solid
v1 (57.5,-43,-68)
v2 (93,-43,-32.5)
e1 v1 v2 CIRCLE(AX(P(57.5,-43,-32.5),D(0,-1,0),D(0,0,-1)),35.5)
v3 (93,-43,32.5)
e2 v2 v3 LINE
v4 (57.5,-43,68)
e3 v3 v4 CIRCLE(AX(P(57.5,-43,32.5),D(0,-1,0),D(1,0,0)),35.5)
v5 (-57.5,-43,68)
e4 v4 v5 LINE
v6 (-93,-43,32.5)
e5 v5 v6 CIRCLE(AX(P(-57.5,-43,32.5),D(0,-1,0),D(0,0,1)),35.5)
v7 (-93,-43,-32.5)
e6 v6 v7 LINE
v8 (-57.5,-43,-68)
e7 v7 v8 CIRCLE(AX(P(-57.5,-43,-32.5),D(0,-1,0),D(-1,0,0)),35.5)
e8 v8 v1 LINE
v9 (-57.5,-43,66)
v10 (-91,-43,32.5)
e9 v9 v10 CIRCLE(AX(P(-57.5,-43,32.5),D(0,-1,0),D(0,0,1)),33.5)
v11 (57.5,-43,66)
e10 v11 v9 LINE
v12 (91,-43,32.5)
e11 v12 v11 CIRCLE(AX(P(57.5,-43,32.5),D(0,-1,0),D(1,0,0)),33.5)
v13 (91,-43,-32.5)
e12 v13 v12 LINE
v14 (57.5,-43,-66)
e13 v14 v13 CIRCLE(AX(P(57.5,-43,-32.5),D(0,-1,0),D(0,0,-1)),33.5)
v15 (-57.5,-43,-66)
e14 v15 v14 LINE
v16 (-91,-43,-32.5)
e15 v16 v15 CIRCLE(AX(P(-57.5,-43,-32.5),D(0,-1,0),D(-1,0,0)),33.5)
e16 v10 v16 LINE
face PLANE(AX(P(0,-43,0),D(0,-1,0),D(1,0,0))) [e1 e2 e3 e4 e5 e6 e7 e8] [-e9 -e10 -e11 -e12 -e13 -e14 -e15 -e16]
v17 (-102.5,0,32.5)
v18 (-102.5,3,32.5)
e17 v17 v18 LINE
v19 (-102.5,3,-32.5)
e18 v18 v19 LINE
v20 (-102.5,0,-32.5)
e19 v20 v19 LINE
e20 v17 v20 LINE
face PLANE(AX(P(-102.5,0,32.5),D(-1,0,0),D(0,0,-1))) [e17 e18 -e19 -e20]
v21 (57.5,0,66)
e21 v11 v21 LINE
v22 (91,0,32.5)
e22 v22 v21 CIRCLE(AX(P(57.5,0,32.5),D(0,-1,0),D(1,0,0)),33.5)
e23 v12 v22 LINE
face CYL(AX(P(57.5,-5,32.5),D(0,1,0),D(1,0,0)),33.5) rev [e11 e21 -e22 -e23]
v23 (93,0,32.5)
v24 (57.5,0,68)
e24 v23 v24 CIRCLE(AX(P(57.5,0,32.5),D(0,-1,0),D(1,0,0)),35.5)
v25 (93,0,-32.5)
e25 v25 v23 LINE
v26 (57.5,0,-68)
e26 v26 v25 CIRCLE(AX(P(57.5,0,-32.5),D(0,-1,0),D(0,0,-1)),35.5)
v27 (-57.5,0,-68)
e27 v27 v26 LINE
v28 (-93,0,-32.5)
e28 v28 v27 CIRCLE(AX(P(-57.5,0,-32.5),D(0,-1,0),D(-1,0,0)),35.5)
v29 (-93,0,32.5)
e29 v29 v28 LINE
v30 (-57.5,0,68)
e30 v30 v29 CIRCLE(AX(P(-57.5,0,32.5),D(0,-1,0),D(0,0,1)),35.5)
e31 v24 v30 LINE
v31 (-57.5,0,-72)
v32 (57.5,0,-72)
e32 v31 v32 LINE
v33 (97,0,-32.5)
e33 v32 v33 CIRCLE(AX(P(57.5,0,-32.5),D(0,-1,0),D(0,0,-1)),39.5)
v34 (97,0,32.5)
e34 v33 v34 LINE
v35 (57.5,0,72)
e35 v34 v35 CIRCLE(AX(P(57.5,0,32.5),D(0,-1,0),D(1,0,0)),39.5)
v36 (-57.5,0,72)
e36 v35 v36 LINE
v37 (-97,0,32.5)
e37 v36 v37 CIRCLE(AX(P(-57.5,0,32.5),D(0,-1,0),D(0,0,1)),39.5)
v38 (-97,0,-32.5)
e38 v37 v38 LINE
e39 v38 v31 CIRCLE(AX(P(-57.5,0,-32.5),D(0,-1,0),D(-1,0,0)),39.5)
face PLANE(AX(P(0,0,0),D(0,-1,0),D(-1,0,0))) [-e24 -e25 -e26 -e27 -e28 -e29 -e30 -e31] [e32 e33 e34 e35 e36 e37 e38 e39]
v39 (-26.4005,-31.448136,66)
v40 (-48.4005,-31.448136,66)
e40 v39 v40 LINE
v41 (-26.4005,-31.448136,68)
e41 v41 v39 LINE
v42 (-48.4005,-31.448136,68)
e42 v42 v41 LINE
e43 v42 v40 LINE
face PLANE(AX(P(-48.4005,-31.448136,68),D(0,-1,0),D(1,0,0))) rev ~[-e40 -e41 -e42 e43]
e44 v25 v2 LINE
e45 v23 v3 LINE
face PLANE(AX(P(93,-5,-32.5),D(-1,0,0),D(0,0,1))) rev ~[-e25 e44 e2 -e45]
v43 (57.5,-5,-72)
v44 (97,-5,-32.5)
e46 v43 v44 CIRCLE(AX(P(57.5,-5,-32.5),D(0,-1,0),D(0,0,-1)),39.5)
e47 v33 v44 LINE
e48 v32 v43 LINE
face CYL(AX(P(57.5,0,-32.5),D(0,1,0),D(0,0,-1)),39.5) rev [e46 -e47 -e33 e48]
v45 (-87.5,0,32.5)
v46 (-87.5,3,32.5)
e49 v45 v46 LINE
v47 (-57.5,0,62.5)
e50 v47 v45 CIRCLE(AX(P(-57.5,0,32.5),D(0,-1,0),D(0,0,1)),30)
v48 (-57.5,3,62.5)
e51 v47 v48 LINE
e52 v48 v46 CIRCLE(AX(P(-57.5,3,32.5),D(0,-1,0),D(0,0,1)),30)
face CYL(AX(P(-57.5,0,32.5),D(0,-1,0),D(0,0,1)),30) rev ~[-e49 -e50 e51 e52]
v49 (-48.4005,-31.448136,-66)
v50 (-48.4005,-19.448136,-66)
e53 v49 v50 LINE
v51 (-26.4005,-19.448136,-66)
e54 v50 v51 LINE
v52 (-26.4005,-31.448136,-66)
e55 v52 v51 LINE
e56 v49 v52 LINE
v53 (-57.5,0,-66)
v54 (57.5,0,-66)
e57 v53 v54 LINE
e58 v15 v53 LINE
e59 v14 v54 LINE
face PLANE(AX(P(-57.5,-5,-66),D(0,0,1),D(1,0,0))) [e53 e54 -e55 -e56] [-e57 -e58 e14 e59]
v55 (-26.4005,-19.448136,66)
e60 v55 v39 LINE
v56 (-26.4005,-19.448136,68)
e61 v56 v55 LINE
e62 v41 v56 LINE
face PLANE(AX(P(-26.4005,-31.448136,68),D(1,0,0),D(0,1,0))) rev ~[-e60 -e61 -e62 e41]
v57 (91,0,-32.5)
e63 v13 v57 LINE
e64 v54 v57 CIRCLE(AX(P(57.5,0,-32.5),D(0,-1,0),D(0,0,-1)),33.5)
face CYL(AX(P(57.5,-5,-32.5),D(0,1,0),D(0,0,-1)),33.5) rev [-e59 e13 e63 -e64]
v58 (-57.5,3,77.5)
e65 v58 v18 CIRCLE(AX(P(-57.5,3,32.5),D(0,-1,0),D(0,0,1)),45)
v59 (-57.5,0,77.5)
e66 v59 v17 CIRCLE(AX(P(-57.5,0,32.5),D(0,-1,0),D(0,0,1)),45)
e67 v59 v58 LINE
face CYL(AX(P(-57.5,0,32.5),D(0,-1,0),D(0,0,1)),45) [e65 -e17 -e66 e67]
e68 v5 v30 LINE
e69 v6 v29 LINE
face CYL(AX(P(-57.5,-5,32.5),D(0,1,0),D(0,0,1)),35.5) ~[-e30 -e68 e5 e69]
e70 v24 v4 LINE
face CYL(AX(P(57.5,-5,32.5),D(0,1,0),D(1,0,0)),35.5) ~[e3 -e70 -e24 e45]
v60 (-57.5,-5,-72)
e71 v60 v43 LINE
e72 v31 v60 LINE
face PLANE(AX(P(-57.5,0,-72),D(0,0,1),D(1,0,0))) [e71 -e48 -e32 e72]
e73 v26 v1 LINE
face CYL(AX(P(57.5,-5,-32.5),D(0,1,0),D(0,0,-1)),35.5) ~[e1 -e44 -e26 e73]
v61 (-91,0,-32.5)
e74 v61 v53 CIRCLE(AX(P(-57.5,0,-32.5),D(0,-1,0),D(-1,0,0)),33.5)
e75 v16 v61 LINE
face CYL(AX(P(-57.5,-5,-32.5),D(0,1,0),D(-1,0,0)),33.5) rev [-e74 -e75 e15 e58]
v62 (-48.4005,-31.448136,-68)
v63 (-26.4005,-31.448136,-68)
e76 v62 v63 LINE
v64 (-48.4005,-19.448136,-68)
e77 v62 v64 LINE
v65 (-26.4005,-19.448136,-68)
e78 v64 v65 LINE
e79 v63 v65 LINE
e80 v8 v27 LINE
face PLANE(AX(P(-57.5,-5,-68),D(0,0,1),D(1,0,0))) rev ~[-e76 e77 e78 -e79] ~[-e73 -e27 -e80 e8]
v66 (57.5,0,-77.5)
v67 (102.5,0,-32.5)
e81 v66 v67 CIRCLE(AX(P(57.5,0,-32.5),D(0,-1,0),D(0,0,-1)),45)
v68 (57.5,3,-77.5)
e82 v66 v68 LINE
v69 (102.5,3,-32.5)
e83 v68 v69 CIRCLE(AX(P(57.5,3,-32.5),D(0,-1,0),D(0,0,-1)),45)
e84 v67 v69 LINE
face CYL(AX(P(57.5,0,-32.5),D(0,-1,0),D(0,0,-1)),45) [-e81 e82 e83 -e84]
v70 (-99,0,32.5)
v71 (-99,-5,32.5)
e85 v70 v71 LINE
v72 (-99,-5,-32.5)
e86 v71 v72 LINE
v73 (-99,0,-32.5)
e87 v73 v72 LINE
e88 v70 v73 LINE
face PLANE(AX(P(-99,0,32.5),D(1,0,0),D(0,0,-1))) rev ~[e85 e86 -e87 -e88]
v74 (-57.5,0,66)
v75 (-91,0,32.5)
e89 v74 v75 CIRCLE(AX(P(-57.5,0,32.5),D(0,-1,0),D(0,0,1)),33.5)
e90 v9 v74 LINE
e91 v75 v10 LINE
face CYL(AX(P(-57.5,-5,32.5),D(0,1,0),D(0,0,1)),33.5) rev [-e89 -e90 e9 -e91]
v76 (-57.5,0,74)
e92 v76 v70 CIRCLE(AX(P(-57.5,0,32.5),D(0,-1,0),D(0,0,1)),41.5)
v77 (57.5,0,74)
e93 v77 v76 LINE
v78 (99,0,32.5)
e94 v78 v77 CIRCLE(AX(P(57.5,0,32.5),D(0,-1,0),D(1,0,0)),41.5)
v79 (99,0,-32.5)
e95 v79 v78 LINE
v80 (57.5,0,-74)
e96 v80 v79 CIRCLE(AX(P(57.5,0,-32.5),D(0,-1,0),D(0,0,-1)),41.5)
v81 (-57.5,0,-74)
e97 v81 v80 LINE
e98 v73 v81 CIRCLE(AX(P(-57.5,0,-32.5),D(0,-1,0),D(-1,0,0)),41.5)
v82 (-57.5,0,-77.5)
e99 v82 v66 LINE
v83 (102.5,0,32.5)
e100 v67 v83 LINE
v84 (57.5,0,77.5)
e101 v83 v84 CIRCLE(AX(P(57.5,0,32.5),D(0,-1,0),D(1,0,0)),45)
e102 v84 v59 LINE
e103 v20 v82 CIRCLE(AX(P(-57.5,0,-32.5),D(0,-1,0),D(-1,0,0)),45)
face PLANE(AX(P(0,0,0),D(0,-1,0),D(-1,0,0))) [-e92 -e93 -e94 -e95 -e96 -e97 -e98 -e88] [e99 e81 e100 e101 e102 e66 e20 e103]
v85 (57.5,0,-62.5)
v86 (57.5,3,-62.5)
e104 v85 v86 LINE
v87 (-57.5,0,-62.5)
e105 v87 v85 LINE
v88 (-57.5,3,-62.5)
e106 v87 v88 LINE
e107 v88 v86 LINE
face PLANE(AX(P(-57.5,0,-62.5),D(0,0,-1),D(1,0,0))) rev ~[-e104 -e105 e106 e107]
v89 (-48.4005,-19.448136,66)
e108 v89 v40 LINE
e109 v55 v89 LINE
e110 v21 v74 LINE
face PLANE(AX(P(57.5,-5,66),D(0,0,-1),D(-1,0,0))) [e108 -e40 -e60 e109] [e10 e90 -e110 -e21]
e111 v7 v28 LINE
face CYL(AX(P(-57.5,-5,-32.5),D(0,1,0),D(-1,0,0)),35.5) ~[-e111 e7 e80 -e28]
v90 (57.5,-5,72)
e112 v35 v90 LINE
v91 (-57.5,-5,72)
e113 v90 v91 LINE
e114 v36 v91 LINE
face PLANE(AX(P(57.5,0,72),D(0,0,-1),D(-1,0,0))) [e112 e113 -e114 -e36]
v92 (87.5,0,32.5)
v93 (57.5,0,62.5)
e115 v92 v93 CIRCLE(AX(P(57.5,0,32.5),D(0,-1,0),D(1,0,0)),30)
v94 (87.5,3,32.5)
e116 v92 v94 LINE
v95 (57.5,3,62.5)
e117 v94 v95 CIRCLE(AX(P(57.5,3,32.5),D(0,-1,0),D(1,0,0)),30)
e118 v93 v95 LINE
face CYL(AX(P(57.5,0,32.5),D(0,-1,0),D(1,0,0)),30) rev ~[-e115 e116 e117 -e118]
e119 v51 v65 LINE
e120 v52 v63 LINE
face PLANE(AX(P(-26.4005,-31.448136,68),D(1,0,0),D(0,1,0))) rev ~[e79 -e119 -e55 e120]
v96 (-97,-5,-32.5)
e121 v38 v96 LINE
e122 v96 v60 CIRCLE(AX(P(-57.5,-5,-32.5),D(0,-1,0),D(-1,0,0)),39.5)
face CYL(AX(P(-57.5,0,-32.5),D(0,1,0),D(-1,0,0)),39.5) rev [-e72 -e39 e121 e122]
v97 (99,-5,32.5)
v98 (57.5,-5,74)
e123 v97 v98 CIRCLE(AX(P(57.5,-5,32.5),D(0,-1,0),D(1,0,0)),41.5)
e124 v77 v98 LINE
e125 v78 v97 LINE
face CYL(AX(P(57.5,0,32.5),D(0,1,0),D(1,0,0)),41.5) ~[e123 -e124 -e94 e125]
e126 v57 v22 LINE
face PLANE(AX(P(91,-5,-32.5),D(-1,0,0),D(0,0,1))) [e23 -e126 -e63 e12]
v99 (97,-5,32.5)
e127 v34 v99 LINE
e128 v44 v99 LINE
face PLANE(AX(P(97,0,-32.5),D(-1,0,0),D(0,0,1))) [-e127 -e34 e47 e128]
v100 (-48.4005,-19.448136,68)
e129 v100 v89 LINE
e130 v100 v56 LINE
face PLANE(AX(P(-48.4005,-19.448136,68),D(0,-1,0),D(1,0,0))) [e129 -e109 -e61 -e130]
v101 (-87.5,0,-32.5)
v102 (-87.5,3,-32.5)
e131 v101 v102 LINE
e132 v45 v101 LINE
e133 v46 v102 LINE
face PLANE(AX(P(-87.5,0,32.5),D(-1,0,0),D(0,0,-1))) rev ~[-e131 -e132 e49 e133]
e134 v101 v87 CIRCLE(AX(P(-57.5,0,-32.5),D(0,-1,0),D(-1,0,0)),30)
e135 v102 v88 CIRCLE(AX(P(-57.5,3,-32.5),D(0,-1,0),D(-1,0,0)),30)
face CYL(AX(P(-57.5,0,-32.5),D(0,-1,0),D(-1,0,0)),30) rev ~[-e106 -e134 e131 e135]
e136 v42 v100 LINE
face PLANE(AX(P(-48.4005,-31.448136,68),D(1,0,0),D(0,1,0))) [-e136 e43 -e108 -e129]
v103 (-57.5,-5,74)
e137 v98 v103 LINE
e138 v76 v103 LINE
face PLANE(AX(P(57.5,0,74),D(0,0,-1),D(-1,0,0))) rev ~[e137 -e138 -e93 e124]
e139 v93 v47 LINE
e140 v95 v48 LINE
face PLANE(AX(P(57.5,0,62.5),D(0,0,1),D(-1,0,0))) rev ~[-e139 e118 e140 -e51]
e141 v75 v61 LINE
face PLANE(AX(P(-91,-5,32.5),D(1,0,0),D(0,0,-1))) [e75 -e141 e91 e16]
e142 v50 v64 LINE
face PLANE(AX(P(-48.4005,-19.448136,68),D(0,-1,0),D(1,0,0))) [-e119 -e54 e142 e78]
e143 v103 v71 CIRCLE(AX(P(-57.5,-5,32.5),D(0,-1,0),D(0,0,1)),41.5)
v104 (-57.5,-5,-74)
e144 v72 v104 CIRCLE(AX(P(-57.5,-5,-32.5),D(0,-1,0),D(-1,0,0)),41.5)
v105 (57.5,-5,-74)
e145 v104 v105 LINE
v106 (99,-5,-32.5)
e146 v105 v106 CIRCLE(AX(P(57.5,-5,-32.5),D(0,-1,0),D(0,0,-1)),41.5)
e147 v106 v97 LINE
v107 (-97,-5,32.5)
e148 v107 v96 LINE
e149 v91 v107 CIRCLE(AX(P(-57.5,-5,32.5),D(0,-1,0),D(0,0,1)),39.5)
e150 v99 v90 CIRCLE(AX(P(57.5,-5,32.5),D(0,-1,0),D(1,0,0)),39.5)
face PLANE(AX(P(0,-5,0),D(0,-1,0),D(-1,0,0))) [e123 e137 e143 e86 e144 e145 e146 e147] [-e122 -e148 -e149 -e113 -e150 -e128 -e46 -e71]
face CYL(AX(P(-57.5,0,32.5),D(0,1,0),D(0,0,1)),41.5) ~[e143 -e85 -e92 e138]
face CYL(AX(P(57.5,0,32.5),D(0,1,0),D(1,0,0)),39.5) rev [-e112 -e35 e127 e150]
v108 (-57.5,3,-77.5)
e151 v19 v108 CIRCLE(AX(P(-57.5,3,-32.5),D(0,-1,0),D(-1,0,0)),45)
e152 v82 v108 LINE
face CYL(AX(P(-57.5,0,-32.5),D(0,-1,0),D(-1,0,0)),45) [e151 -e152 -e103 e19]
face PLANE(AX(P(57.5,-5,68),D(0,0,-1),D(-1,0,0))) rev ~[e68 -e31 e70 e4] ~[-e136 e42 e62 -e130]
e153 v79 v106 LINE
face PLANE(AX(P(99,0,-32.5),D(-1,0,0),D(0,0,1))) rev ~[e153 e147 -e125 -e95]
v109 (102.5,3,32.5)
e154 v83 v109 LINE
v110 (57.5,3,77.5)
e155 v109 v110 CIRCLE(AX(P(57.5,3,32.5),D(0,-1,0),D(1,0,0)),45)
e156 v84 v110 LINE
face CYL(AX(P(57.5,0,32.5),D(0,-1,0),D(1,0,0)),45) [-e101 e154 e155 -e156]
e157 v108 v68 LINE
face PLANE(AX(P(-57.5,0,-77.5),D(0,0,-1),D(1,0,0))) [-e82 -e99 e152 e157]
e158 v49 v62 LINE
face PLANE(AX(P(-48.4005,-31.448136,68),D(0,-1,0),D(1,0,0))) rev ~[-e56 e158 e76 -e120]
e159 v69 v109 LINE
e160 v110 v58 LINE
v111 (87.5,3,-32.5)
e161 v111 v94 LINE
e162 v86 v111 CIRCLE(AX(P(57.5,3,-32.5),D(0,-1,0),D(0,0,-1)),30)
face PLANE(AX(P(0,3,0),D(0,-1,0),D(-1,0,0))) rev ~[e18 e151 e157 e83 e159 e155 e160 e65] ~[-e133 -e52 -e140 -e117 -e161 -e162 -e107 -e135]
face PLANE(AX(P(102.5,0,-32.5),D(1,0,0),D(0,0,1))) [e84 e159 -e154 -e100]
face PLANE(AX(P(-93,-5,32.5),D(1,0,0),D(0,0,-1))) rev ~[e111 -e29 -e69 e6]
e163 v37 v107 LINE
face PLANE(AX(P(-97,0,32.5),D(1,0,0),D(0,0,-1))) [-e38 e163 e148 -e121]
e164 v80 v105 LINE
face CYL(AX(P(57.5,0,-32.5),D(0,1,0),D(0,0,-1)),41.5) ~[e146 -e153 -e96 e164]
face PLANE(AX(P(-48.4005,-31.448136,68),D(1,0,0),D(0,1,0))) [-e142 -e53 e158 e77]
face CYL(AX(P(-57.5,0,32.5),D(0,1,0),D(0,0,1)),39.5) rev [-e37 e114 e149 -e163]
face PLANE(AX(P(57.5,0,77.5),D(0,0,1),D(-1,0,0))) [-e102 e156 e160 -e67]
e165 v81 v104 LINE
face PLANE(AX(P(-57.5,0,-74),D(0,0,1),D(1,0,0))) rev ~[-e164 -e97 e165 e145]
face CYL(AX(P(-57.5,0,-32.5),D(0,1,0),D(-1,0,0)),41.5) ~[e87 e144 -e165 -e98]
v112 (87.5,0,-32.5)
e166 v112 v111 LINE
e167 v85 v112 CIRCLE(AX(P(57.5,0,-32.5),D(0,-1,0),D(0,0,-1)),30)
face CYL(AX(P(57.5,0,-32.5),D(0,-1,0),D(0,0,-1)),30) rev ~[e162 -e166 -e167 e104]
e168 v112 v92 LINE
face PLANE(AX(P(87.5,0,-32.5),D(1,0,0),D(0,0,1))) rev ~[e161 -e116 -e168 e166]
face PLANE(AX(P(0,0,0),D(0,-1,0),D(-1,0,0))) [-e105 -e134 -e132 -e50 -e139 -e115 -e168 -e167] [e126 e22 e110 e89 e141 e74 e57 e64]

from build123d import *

# Parameters (mm, degrees)
BOSS_EXTRUDE1_DEPTH = 3
BOSS_EXTRUDE2_DEPTH = 5
BOSS_EXTRUDE3_DEPTH = 38
SKETCH4_W           = 22
SKETCH4_H           = 12
CUT_EXTRUDE1_DEPTH  = 461


with BuildPart() as part:
    # Sketch1 → Boss-Extrude1 (new body)
    with BuildSketch(Plane(origin=(0, 0, 0), x_dir=(1, 0, 0), z_dir=(0, 1, 0))):
        with BuildLine():
            Line((57.5, 77.5), (-57.5, 77.5))
            ThreePointArc((-57.5, 77.5), (-89.319805153, 64.319805153), (-102.5, 32.5))
            Line((-102.5, 32.5), (-102.5, -32.5))
            ThreePointArc((-102.5, -32.5), (-89.319805153, -64.319805153), (-57.5, -77.5))
            Line((-57.5, -77.5), (57.5, -77.5))
            ThreePointArc((57.5, -77.5), (89.319805153, -64.319805153), (102.5, -32.5))
            Line((102.5, -32.5), (102.5, 32.5))
            ThreePointArc((102.5, 32.5), (89.319805153, 64.319805153), (57.5, 77.5))
        make_face()
        with BuildLine():
            Line((57.5, -62.5), (-57.5, -62.5))
            ThreePointArc((-57.5, -62.5), (-78.713203436, -53.713203436), (-87.5, -32.5))
            Line((-87.5, -32.5), (-87.5, 32.5))
            ThreePointArc((-87.5, 32.5), (-78.713203436, 53.713203436), (-57.5, 62.5))
            Line((-57.5, 62.5), (57.5, 62.5))
            ThreePointArc((57.5, 62.5), (78.713203436, 53.713203436), (87.5, 32.5))
            Line((87.5, 32.5), (87.5, -32.5))
            ThreePointArc((87.5, -32.5), (78.713203436, -53.713203436), (57.5, -62.5))
        make_face(mode=Mode.SUBTRACT)
    extrude(amount=BOSS_EXTRUDE1_DEPTH)

    # Sketch1<4> → Boss-Extrude2 (add)
    # profile 1 of 2: a face of its own
    with BuildSketch(Plane(origin=(0, 0, 0), x_dir=(1, 0, 0), z_dir=(0, 1, 0))):
        with BuildLine():
            Line((57.5, 74), (-57.5, 74))
            ThreePointArc((-57.5, 74), (-86.844931419, 61.844931419), (-99, 32.5))
            Line((-99, 32.5), (-99, -32.5))
            ThreePointArc((-99, -32.5), (-86.844931419, -61.844931419), (-57.5, -74))
            Line((-57.5, -74), (57.5, -74))
            ThreePointArc((57.5, -74), (86.844931419, -61.844931419), (99, -32.5))
            Line((99, -32.5), (99, 32.5))
            ThreePointArc((99, 32.5), (86.844931419, 61.844931419), (57.5, 74))
        make_face()
        with BuildLine():
            ThreePointArc((-97, 32.5), (-85.430717857, 60.430717857), (-57.5, 72))
            Line((-57.5, 72), (57.5, 72))
            ThreePointArc((57.5, 72), (85.430717857, 60.430717857), (97, 32.5))
            Line((97, 32.5), (97, -32.5))
            ThreePointArc((97, -32.5), (85.430717857, -60.430717857), (57.5, -72))
            Line((57.5, -72), (-57.5, -72))
            ThreePointArc((-57.5, -72), (-85.430717857, -60.430717857), (-97, -32.5))
            Line((-97, -32.5), (-97, 32.5))
        make_face(mode=Mode.SUBTRACT)
    # profile 2 of 2: a face of its own
    with BuildSketch(Plane(origin=(0, 0, 0), x_dir=(1, 0, 0), z_dir=(0, 1, 0))):
        with BuildLine():
            Line((57.5, 68), (-57.5, 68))
            ThreePointArc((-57.5, 68), (-82.602290732, 57.602290732), (-93, 32.5))
            Line((-93, 32.5), (-93, -32.5))
            ThreePointArc((-93, -32.5), (-82.602290732, -57.602290732), (-57.5, -68))
            Line((-57.5, -68), (57.5, -68))
            ThreePointArc((57.5, -68), (82.602290732, -57.602290732), (93, -32.5))
            Line((93, -32.5), (93, 32.5))
            ThreePointArc((93, 32.5), (82.602290732, 57.602290732), (57.5, 68))
        make_face()
        with BuildLine():
            ThreePointArc((-91, 32.5), (-81.18807717, 56.18807717), (-57.5, 66))
            Line((-57.5, 66), (57.5, 66))
            ThreePointArc((57.5, 66), (81.18807717, 56.18807717), (91, 32.5))
            Line((91, 32.5), (91, -32.5))
            ThreePointArc((91, -32.5), (81.18807717, -56.18807717), (57.5, -66))
            Line((57.5, -66), (-57.5, -66))
            ThreePointArc((-57.5, -66), (-81.18807717, -56.18807717), (-91, -32.5))
            Line((-91, -32.5), (-91, 32.5))
        make_face(mode=Mode.SUBTRACT)
    extrude(amount=-BOSS_EXTRUDE2_DEPTH)

    # Sketch2 → Boss-Extrude3 (add)
    with BuildSketch(Plane.XZ.offset(5)):
        with BuildLine():
            Line((-57.5, -68), (57.5, -68))
            ThreePointArc((57.5, -68), (82.602290732, -57.602290732), (93, -32.5))
            Line((93, -32.5), (93, 32.5))
            ThreePointArc((93, 32.5), (82.602290732, 57.602290732), (57.5, 68))
            Line((57.5, 68), (-57.5, 68))
            ThreePointArc((-57.5, 68), (-82.602290732, 57.602290732), (-93, 32.5))
            Line((-93, 32.5), (-93, -32.5))
            ThreePointArc((-93, -32.5), (-82.602290732, -57.602290732), (-57.5, -68))
        make_face()
        with BuildLine():
            Line((-91, 32.5), (-91, -32.5))
            ThreePointArc((-91, -32.5), (-81.18807717, -56.18807717), (-57.5, -66))
            Line((-57.5, -66), (57.5, -66))
            ThreePointArc((57.5, -66), (81.18807717, -56.18807717), (91, -32.5))
            Line((91, -32.5), (91, 32.5))
            ThreePointArc((91, 32.5), (81.18807717, 56.18807717), (57.5, 66))
            Line((57.5, 66), (-57.5, 66))
            ThreePointArc((-57.5, 66), (-81.18807717, 56.18807717), (-91, 32.5))
        make_face(mode=Mode.SUBTRACT)
    extrude(amount=BOSS_EXTRUDE3_DEPTH)

    # Sketch4 → Cut-Extrude1 (cut)
    with BuildSketch(Plane.XY.offset(68)):
        with Locations((-37.400499866, -25.448136165)):
            Rectangle(SKETCH4_W, SKETCH4_H)
    extrude(amount=-CUT_EXTRUDE1_DEPTH, mode=Mode.SUBTRACT)


solid = part.part
